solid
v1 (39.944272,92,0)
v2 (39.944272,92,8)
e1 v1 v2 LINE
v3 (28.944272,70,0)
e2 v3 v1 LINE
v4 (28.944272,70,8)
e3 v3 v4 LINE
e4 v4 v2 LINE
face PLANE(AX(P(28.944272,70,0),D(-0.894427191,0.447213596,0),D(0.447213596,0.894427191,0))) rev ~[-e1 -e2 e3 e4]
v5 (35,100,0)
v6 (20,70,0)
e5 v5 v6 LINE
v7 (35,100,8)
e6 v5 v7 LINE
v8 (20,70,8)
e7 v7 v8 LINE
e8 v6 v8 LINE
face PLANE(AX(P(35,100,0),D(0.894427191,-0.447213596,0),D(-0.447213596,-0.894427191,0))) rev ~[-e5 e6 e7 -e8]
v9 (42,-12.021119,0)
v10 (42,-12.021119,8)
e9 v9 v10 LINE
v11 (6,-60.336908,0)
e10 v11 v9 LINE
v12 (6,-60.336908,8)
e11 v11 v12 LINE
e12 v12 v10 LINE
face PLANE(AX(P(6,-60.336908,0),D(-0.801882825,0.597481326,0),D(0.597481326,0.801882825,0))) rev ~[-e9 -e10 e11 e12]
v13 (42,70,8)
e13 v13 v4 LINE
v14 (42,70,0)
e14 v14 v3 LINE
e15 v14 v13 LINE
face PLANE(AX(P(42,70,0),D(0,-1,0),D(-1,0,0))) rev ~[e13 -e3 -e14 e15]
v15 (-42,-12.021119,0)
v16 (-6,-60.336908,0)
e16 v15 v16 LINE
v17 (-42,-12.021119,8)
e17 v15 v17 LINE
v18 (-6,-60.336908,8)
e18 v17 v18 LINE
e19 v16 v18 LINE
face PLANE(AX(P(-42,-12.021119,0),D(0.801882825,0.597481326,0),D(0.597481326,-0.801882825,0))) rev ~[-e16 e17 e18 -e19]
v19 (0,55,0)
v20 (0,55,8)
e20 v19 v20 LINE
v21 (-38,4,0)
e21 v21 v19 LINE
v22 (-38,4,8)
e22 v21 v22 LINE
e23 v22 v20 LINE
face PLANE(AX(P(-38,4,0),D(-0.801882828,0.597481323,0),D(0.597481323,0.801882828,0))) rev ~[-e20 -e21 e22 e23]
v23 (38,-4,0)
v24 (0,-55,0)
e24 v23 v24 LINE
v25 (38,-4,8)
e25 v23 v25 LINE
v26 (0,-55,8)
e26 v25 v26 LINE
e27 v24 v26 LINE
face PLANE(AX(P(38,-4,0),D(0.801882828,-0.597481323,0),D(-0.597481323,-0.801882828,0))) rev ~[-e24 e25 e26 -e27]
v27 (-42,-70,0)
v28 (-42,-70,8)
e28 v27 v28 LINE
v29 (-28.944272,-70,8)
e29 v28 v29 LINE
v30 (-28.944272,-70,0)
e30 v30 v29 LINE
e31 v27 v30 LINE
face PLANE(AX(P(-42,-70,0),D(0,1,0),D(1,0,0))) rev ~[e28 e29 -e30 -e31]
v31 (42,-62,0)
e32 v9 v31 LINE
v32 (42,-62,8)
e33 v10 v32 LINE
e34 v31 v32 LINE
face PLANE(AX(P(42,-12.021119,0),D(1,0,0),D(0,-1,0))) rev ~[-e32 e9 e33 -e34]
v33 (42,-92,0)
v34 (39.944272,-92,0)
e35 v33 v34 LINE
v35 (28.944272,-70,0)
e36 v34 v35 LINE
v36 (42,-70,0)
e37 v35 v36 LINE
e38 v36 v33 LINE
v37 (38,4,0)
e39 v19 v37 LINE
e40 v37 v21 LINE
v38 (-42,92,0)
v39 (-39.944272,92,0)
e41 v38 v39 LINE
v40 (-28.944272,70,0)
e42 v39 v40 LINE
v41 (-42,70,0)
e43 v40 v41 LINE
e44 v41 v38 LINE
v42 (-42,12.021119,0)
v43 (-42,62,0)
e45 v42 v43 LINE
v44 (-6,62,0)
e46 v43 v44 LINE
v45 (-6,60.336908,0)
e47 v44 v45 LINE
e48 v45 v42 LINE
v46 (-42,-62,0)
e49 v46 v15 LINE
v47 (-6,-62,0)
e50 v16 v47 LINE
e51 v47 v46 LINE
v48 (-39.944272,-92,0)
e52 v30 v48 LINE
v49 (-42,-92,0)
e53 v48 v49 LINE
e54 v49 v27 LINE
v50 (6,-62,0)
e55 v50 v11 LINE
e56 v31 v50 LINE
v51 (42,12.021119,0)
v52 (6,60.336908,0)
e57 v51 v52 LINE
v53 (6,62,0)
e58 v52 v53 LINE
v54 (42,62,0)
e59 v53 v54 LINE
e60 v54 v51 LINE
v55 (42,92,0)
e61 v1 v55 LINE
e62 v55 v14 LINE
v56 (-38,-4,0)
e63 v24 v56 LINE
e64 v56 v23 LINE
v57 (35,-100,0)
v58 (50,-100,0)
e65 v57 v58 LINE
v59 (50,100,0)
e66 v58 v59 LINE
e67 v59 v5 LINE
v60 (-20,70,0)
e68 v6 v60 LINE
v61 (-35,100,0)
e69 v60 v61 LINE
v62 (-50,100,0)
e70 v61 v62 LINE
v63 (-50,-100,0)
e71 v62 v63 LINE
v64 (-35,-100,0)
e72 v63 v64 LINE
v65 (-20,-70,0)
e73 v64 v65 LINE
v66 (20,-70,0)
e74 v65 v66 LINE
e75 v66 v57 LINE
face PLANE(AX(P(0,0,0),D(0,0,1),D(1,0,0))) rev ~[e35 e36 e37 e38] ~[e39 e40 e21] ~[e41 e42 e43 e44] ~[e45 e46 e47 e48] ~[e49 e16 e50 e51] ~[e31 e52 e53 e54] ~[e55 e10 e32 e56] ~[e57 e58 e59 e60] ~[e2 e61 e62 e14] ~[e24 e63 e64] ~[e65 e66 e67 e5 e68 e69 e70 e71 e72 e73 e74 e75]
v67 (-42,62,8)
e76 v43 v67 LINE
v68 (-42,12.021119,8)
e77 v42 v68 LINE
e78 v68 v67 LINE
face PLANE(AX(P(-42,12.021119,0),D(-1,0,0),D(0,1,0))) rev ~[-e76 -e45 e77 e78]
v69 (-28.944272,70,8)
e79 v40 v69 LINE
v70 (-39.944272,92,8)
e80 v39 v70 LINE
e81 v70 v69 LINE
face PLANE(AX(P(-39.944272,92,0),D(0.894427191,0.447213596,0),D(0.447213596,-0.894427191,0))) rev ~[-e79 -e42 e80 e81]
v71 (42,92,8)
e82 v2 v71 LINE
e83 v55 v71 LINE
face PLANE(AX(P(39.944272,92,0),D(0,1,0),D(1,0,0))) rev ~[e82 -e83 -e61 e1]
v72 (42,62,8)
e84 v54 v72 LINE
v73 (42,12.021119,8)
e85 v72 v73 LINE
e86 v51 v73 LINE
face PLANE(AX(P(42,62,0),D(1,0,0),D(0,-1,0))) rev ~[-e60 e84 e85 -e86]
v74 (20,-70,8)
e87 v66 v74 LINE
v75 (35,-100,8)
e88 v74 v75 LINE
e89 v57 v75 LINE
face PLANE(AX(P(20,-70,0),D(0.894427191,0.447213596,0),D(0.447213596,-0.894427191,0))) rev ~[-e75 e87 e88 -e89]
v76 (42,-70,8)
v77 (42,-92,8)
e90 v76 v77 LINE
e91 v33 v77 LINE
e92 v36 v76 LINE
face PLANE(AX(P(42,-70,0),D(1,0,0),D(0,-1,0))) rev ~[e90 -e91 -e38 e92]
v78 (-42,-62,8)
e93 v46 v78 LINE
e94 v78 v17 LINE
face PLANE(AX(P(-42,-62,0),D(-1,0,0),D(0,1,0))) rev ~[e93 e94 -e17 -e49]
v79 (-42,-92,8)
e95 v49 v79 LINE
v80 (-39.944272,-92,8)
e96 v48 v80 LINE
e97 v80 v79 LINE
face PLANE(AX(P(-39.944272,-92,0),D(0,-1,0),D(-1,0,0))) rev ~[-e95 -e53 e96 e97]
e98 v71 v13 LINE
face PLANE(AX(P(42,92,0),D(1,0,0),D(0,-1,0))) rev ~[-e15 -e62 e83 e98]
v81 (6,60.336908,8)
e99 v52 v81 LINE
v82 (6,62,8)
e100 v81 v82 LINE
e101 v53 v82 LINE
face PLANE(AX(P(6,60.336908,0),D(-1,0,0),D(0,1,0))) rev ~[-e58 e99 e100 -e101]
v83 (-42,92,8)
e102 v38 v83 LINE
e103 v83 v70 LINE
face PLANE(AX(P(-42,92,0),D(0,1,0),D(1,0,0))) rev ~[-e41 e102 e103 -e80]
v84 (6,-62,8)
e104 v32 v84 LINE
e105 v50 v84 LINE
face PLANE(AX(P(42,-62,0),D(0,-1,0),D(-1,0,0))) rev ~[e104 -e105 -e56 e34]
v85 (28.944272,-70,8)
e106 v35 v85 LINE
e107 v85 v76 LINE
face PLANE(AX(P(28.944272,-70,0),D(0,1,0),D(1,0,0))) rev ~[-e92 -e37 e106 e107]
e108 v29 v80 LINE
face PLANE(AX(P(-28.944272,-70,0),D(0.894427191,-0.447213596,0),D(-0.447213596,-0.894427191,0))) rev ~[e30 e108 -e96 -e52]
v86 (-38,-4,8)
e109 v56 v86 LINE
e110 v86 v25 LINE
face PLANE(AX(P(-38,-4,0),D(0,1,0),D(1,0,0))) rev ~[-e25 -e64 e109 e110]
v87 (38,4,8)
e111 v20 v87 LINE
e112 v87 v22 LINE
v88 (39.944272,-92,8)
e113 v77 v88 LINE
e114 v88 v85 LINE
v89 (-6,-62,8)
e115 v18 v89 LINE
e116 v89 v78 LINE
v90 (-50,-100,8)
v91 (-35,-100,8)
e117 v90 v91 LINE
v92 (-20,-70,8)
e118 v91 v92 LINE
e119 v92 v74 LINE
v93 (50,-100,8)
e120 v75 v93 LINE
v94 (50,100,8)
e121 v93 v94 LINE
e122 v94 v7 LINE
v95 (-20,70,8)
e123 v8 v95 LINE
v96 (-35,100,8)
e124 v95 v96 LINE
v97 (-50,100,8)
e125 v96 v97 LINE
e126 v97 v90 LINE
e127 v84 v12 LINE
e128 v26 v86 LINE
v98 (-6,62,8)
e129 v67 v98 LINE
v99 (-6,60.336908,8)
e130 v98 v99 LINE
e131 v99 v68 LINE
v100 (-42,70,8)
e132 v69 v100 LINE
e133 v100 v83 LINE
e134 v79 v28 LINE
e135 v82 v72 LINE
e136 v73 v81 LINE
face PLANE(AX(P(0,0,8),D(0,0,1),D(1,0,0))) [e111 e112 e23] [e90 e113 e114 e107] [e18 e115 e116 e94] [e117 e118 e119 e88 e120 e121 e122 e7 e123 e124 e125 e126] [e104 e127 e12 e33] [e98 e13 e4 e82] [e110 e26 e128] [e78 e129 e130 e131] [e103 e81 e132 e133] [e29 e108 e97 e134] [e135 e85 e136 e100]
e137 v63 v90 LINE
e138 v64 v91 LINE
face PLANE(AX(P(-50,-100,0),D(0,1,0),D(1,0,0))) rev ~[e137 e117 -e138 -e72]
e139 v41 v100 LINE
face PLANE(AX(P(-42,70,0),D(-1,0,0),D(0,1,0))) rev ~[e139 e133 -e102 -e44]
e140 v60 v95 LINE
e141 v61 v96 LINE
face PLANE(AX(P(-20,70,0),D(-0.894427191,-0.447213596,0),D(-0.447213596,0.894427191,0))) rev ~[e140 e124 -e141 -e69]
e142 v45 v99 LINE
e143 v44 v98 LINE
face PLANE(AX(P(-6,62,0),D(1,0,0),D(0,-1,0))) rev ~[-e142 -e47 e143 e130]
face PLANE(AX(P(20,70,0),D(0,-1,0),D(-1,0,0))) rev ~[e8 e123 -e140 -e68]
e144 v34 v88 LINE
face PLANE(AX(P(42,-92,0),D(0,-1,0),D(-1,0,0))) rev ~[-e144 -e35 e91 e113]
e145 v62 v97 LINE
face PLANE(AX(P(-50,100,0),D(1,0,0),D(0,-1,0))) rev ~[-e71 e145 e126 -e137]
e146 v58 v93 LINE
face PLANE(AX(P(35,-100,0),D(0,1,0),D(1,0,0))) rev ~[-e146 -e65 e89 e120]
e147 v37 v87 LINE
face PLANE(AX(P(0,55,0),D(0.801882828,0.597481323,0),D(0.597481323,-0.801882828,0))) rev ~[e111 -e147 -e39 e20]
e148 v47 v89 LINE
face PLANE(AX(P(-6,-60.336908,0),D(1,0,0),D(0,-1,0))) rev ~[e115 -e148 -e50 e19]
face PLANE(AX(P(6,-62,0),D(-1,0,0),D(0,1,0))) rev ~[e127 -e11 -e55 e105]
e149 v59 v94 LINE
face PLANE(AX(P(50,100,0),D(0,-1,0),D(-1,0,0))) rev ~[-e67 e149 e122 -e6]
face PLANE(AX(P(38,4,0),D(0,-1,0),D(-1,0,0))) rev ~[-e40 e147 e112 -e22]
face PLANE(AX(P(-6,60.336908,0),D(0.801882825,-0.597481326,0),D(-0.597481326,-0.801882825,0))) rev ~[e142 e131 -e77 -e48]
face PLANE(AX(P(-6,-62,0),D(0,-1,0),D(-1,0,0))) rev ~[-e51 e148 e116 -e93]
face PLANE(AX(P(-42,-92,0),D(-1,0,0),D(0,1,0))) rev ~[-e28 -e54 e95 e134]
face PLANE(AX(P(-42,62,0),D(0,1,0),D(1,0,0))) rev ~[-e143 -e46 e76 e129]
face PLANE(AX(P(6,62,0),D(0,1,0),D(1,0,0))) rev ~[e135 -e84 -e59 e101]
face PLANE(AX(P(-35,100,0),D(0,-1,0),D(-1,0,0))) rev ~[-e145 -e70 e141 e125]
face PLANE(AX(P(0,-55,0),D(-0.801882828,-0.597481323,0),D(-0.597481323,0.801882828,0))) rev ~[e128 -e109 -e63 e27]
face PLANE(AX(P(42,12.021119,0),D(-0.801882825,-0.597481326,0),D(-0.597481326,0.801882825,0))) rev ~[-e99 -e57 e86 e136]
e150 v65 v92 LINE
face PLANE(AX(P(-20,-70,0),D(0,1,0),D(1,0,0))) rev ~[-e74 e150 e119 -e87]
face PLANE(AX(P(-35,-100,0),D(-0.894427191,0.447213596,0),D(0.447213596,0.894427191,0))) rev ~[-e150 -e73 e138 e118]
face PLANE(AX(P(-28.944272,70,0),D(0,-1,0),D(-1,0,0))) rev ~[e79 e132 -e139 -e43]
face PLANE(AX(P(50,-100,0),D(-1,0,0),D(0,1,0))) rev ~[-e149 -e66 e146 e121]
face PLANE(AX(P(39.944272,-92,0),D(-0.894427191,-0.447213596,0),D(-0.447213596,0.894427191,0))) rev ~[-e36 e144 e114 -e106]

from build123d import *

# Parameters (mm, degrees)
F1_DEPTH = 8


with BuildPart() as f1:
    # F0 (on Top) → F1 (new body)
    with BuildSketch(Plane.XY):
        Polygon((-50, 100), (-50, 0), (-50, -100), (-35, -100), (-20, -70), (0, -70), (20, -70), (35, -100), (50, -100), (50, 0), (50, 100), (35, 100), (20, 70), (0, 70), (-20, 70), (-35, 100), align=None)
        Polygon((-39.944272, -92), (-42, -92), (-42, -70), (-28.944272, -70), align=None, mode=Mode.SUBTRACT)
        Polygon((-42, -12.021119), (-6, -60.336908), (-6, -62), (-42, -62), align=None, mode=Mode.SUBTRACT)
        Polygon((42, -70), (42, -92), (39.944272, -92), (28.944272, -70), align=None, mode=Mode.SUBTRACT)
        Polygon((0, -55), (-38, -4), (0, -4), (38, -4), align=None, mode=Mode.SUBTRACT)
        Polygon((6, -62), (6, -60.336908), (42, -12.021119), (42, -62), align=None, mode=Mode.SUBTRACT)
        Polygon((-6, 62), (-6, 60.336908), (-42, 12.021119), (-42, 62), align=None, mode=Mode.SUBTRACT)
        Polygon((-42, 92), (-39.944272, 92), (-28.944272, 70), (-42, 70), align=None, mode=Mode.SUBTRACT)
        Polygon((-38, 4), (0, 55), (38, 4), (0, 4), align=None, mode=Mode.SUBTRACT)
        Polygon((42, 12.021119), (6, 60.336908), (6, 62), (42, 62), align=None, mode=Mode.SUBTRACT)
        Polygon((39.944272, 92), (42, 92), (42, 70), (28.944272, 70), align=None, mode=Mode.SUBTRACT)
    extrude(amount=F1_DEPTH)


solid = f1.part
